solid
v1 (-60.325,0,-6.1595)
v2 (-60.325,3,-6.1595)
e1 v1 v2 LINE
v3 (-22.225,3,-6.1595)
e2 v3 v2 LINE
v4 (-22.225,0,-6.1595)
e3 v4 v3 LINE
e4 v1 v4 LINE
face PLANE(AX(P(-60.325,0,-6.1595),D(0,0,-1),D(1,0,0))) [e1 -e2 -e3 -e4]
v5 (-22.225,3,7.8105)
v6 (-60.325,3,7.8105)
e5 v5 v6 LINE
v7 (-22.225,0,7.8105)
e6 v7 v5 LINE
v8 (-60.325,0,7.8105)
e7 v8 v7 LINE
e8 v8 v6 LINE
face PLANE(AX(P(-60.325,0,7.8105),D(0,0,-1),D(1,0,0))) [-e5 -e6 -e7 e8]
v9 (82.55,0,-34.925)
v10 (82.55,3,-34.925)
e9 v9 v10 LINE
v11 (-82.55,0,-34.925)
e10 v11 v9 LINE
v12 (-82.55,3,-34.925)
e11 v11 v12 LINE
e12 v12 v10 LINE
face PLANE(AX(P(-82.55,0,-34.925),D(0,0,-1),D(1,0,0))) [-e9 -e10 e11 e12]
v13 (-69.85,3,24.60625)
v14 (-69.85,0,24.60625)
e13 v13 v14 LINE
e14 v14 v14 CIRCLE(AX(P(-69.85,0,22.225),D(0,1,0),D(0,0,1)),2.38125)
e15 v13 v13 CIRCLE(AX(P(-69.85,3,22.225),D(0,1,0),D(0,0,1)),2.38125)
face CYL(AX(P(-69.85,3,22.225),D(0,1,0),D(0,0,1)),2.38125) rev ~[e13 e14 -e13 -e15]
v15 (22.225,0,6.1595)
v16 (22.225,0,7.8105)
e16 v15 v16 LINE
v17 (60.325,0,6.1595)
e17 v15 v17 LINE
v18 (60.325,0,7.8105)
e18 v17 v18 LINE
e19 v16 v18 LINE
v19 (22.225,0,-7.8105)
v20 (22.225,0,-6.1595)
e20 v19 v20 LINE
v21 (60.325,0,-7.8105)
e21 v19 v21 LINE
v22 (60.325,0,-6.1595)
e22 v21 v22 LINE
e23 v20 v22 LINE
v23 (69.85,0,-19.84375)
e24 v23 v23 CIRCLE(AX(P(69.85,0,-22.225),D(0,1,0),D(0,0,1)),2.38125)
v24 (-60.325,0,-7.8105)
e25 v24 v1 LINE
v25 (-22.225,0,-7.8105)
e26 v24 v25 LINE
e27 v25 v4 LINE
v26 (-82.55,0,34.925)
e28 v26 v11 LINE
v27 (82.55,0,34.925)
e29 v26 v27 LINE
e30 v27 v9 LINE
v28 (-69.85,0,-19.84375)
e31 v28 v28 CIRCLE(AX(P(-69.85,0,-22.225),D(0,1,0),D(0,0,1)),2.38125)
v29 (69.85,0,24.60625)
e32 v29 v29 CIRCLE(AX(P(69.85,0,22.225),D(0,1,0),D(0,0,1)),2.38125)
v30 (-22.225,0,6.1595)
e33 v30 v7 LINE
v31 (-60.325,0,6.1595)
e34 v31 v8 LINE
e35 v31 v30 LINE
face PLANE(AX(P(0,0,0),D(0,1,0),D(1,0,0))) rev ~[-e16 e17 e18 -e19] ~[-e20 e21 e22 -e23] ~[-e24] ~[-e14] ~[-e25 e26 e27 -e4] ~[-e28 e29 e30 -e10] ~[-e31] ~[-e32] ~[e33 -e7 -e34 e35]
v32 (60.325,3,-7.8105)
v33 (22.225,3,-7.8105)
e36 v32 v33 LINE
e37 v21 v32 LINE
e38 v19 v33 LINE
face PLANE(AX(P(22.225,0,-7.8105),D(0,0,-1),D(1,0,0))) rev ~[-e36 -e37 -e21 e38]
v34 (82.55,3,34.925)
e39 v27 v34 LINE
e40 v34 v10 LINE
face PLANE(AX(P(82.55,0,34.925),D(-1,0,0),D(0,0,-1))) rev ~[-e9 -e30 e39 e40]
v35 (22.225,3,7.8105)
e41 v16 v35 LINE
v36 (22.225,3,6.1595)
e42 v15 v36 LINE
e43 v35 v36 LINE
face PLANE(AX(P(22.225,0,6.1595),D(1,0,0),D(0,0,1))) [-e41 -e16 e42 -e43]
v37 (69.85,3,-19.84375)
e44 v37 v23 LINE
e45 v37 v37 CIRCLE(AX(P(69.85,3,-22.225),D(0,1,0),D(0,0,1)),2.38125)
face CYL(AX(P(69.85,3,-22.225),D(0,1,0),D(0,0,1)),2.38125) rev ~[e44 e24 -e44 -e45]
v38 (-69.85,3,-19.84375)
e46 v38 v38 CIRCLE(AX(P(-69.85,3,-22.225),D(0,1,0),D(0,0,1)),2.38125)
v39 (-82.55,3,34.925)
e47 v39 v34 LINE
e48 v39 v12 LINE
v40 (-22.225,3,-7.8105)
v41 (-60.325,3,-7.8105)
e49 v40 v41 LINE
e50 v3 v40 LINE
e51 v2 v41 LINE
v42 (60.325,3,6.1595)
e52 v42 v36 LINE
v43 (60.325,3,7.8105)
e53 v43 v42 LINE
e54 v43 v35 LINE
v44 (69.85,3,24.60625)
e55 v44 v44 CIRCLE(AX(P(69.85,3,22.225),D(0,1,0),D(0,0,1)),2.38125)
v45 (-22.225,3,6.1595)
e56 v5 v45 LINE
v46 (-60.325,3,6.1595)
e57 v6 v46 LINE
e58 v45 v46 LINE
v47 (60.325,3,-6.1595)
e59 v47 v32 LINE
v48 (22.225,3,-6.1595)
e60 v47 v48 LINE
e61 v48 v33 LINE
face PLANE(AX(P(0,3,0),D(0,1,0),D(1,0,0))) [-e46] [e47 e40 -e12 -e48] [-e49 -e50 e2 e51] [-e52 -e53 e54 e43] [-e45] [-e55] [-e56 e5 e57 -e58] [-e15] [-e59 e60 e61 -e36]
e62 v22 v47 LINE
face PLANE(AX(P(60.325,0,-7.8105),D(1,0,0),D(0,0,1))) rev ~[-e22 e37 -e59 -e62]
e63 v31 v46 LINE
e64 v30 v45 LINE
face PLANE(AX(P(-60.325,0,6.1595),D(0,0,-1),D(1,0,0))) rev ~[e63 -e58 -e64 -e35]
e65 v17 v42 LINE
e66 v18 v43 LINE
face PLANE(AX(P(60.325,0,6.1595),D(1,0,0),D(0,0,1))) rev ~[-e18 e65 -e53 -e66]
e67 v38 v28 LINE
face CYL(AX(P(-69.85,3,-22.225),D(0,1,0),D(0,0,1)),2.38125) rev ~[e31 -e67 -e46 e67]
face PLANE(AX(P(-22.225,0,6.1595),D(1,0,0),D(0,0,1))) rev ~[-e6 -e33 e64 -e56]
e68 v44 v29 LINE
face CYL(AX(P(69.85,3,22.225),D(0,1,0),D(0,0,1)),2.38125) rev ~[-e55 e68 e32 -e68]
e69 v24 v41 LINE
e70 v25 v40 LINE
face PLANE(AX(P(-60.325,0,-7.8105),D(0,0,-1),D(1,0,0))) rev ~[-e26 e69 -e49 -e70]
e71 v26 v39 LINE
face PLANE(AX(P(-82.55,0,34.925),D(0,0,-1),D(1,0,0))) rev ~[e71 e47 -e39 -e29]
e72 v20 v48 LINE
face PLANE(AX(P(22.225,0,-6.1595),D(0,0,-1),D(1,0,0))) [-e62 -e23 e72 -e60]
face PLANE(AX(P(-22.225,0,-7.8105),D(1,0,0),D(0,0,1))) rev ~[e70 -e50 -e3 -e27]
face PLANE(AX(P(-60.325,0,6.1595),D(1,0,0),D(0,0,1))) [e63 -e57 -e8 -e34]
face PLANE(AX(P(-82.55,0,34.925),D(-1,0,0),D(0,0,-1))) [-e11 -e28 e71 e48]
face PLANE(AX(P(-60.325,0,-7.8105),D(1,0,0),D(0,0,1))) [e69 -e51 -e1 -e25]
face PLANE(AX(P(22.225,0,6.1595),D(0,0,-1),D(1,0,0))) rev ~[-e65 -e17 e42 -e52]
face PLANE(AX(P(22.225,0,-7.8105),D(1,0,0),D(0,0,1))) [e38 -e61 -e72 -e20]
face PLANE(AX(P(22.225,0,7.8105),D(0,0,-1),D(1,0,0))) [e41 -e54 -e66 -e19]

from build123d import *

# Parameters (mm, degrees)
SKETCH1_W           = 165.1
SKETCH1_H           = 69.85
BOSS_EXTRUDE1_DEPTH = 3
CUT_EXTRUDE3_REACH  = 91.684
SKETCH8_R           = 2.38125
SKETCH10_W          = 38.1
SKETCH10_H          = 1.651
CUT_EXTRUDE4_DEPTH  = 26.67


with BuildPart() as part:
    # Sketch1 → Boss-Extrude1 (new body)
    with BuildSketch(Plane(origin=(0, 0, 0), x_dir=(1, 0, 0), z_dir=(0, 1, 0))):
        Rectangle(SKETCH1_W, SKETCH1_H)
    extrude(amount=BOSS_EXTRUDE1_DEPTH)

    # Sketch8 → Cut-Extrude3 (cut, up to next)
    with BuildSketch(Plane(origin=(0, 3, 0), x_dir=(1, 0, 0), z_dir=(0, 1, 0)), mode=Mode.PRIVATE) as cut_extrude3_sk1:
        with Locations(Location((-69.85, -22.225, 0), (0, 0, 270))):
            Circle(SKETCH8_R)
    cut_extrude3_tool1 = extrude(cut_extrude3_sk1.sketch, amount=-CUT_EXTRUDE3_REACH, mode=Mode.PRIVATE) & part.part
    # Sketch8 → Cut-Extrude3 (cut, up to next)
    with BuildSketch(Plane(origin=(0, 3, 0), x_dir=(1, 0, 0), z_dir=(0, 1, 0)), mode=Mode.PRIVATE) as cut_extrude3_sk2:
        with Locations(Location((-69.85, 22.225, 0), (0, 0, 270))):
            Circle(SKETCH8_R)
    cut_extrude3_tool2 = extrude(cut_extrude3_sk2.sketch, amount=-CUT_EXTRUDE3_REACH, mode=Mode.PRIVATE) & part.part
    # Sketch8 → Cut-Extrude3 (cut, up to next)
    with BuildSketch(Plane(origin=(0, 3, 0), x_dir=(1, 0, 0), z_dir=(0, 1, 0)), mode=Mode.PRIVATE) as cut_extrude3_sk3:
        with Locations(Location((69.85, 22.225, 0), (0, 0, 270))):
            Circle(SKETCH8_R)
    cut_extrude3_tool3 = extrude(cut_extrude3_sk3.sketch, amount=-CUT_EXTRUDE3_REACH, mode=Mode.PRIVATE) & part.part
    # Sketch8 → Cut-Extrude3 (cut, up to next)
    with BuildSketch(Plane(origin=(0, 3, 0), x_dir=(1, 0, 0), z_dir=(0, 1, 0)), mode=Mode.PRIVATE) as cut_extrude3_sk4:
        with Locations(Location((69.85, -22.225, 0), (0, 0, 270))):
            Circle(SKETCH8_R)
    cut_extrude3_tool4 = extrude(cut_extrude3_sk4.sketch, amount=-CUT_EXTRUDE3_REACH, mode=Mode.PRIVATE) & part.part
    add(cut_extrude3_tool1.solids().sort_by_distance((-69.85, 3, 22.225))[0], mode=Mode.SUBTRACT)
    add(cut_extrude3_tool2.solids().sort_by_distance((-69.85, 3, -22.225))[0], mode=Mode.SUBTRACT)
    add(cut_extrude3_tool3.solids().sort_by_distance((69.85, 3, -22.225))[0], mode=Mode.SUBTRACT)
    add(cut_extrude3_tool4.solids().sort_by_distance((69.85, 3, 22.225))[0], mode=Mode.SUBTRACT)

    # Sketch10 → Cut-Extrude4 (cut)
    with BuildSketch(Plane.XZ):
        with Locations((-41.275, -6.985)):
            Rectangle(SKETCH10_W, SKETCH10_H)
        with Locations((-41.275, 6.985)):
            Rectangle(SKETCH10_W, SKETCH10_H)
        with Locations((41.275, 6.985)):
            Rectangle(SKETCH10_W, SKETCH10_H)
        with Locations((41.275, -6.985)):
            Rectangle(SKETCH10_W, SKETCH10_H)
    extrude(amount=-CUT_EXTRUDE4_DEPTH, mode=Mode.SUBTRACT)


solid = part.part
